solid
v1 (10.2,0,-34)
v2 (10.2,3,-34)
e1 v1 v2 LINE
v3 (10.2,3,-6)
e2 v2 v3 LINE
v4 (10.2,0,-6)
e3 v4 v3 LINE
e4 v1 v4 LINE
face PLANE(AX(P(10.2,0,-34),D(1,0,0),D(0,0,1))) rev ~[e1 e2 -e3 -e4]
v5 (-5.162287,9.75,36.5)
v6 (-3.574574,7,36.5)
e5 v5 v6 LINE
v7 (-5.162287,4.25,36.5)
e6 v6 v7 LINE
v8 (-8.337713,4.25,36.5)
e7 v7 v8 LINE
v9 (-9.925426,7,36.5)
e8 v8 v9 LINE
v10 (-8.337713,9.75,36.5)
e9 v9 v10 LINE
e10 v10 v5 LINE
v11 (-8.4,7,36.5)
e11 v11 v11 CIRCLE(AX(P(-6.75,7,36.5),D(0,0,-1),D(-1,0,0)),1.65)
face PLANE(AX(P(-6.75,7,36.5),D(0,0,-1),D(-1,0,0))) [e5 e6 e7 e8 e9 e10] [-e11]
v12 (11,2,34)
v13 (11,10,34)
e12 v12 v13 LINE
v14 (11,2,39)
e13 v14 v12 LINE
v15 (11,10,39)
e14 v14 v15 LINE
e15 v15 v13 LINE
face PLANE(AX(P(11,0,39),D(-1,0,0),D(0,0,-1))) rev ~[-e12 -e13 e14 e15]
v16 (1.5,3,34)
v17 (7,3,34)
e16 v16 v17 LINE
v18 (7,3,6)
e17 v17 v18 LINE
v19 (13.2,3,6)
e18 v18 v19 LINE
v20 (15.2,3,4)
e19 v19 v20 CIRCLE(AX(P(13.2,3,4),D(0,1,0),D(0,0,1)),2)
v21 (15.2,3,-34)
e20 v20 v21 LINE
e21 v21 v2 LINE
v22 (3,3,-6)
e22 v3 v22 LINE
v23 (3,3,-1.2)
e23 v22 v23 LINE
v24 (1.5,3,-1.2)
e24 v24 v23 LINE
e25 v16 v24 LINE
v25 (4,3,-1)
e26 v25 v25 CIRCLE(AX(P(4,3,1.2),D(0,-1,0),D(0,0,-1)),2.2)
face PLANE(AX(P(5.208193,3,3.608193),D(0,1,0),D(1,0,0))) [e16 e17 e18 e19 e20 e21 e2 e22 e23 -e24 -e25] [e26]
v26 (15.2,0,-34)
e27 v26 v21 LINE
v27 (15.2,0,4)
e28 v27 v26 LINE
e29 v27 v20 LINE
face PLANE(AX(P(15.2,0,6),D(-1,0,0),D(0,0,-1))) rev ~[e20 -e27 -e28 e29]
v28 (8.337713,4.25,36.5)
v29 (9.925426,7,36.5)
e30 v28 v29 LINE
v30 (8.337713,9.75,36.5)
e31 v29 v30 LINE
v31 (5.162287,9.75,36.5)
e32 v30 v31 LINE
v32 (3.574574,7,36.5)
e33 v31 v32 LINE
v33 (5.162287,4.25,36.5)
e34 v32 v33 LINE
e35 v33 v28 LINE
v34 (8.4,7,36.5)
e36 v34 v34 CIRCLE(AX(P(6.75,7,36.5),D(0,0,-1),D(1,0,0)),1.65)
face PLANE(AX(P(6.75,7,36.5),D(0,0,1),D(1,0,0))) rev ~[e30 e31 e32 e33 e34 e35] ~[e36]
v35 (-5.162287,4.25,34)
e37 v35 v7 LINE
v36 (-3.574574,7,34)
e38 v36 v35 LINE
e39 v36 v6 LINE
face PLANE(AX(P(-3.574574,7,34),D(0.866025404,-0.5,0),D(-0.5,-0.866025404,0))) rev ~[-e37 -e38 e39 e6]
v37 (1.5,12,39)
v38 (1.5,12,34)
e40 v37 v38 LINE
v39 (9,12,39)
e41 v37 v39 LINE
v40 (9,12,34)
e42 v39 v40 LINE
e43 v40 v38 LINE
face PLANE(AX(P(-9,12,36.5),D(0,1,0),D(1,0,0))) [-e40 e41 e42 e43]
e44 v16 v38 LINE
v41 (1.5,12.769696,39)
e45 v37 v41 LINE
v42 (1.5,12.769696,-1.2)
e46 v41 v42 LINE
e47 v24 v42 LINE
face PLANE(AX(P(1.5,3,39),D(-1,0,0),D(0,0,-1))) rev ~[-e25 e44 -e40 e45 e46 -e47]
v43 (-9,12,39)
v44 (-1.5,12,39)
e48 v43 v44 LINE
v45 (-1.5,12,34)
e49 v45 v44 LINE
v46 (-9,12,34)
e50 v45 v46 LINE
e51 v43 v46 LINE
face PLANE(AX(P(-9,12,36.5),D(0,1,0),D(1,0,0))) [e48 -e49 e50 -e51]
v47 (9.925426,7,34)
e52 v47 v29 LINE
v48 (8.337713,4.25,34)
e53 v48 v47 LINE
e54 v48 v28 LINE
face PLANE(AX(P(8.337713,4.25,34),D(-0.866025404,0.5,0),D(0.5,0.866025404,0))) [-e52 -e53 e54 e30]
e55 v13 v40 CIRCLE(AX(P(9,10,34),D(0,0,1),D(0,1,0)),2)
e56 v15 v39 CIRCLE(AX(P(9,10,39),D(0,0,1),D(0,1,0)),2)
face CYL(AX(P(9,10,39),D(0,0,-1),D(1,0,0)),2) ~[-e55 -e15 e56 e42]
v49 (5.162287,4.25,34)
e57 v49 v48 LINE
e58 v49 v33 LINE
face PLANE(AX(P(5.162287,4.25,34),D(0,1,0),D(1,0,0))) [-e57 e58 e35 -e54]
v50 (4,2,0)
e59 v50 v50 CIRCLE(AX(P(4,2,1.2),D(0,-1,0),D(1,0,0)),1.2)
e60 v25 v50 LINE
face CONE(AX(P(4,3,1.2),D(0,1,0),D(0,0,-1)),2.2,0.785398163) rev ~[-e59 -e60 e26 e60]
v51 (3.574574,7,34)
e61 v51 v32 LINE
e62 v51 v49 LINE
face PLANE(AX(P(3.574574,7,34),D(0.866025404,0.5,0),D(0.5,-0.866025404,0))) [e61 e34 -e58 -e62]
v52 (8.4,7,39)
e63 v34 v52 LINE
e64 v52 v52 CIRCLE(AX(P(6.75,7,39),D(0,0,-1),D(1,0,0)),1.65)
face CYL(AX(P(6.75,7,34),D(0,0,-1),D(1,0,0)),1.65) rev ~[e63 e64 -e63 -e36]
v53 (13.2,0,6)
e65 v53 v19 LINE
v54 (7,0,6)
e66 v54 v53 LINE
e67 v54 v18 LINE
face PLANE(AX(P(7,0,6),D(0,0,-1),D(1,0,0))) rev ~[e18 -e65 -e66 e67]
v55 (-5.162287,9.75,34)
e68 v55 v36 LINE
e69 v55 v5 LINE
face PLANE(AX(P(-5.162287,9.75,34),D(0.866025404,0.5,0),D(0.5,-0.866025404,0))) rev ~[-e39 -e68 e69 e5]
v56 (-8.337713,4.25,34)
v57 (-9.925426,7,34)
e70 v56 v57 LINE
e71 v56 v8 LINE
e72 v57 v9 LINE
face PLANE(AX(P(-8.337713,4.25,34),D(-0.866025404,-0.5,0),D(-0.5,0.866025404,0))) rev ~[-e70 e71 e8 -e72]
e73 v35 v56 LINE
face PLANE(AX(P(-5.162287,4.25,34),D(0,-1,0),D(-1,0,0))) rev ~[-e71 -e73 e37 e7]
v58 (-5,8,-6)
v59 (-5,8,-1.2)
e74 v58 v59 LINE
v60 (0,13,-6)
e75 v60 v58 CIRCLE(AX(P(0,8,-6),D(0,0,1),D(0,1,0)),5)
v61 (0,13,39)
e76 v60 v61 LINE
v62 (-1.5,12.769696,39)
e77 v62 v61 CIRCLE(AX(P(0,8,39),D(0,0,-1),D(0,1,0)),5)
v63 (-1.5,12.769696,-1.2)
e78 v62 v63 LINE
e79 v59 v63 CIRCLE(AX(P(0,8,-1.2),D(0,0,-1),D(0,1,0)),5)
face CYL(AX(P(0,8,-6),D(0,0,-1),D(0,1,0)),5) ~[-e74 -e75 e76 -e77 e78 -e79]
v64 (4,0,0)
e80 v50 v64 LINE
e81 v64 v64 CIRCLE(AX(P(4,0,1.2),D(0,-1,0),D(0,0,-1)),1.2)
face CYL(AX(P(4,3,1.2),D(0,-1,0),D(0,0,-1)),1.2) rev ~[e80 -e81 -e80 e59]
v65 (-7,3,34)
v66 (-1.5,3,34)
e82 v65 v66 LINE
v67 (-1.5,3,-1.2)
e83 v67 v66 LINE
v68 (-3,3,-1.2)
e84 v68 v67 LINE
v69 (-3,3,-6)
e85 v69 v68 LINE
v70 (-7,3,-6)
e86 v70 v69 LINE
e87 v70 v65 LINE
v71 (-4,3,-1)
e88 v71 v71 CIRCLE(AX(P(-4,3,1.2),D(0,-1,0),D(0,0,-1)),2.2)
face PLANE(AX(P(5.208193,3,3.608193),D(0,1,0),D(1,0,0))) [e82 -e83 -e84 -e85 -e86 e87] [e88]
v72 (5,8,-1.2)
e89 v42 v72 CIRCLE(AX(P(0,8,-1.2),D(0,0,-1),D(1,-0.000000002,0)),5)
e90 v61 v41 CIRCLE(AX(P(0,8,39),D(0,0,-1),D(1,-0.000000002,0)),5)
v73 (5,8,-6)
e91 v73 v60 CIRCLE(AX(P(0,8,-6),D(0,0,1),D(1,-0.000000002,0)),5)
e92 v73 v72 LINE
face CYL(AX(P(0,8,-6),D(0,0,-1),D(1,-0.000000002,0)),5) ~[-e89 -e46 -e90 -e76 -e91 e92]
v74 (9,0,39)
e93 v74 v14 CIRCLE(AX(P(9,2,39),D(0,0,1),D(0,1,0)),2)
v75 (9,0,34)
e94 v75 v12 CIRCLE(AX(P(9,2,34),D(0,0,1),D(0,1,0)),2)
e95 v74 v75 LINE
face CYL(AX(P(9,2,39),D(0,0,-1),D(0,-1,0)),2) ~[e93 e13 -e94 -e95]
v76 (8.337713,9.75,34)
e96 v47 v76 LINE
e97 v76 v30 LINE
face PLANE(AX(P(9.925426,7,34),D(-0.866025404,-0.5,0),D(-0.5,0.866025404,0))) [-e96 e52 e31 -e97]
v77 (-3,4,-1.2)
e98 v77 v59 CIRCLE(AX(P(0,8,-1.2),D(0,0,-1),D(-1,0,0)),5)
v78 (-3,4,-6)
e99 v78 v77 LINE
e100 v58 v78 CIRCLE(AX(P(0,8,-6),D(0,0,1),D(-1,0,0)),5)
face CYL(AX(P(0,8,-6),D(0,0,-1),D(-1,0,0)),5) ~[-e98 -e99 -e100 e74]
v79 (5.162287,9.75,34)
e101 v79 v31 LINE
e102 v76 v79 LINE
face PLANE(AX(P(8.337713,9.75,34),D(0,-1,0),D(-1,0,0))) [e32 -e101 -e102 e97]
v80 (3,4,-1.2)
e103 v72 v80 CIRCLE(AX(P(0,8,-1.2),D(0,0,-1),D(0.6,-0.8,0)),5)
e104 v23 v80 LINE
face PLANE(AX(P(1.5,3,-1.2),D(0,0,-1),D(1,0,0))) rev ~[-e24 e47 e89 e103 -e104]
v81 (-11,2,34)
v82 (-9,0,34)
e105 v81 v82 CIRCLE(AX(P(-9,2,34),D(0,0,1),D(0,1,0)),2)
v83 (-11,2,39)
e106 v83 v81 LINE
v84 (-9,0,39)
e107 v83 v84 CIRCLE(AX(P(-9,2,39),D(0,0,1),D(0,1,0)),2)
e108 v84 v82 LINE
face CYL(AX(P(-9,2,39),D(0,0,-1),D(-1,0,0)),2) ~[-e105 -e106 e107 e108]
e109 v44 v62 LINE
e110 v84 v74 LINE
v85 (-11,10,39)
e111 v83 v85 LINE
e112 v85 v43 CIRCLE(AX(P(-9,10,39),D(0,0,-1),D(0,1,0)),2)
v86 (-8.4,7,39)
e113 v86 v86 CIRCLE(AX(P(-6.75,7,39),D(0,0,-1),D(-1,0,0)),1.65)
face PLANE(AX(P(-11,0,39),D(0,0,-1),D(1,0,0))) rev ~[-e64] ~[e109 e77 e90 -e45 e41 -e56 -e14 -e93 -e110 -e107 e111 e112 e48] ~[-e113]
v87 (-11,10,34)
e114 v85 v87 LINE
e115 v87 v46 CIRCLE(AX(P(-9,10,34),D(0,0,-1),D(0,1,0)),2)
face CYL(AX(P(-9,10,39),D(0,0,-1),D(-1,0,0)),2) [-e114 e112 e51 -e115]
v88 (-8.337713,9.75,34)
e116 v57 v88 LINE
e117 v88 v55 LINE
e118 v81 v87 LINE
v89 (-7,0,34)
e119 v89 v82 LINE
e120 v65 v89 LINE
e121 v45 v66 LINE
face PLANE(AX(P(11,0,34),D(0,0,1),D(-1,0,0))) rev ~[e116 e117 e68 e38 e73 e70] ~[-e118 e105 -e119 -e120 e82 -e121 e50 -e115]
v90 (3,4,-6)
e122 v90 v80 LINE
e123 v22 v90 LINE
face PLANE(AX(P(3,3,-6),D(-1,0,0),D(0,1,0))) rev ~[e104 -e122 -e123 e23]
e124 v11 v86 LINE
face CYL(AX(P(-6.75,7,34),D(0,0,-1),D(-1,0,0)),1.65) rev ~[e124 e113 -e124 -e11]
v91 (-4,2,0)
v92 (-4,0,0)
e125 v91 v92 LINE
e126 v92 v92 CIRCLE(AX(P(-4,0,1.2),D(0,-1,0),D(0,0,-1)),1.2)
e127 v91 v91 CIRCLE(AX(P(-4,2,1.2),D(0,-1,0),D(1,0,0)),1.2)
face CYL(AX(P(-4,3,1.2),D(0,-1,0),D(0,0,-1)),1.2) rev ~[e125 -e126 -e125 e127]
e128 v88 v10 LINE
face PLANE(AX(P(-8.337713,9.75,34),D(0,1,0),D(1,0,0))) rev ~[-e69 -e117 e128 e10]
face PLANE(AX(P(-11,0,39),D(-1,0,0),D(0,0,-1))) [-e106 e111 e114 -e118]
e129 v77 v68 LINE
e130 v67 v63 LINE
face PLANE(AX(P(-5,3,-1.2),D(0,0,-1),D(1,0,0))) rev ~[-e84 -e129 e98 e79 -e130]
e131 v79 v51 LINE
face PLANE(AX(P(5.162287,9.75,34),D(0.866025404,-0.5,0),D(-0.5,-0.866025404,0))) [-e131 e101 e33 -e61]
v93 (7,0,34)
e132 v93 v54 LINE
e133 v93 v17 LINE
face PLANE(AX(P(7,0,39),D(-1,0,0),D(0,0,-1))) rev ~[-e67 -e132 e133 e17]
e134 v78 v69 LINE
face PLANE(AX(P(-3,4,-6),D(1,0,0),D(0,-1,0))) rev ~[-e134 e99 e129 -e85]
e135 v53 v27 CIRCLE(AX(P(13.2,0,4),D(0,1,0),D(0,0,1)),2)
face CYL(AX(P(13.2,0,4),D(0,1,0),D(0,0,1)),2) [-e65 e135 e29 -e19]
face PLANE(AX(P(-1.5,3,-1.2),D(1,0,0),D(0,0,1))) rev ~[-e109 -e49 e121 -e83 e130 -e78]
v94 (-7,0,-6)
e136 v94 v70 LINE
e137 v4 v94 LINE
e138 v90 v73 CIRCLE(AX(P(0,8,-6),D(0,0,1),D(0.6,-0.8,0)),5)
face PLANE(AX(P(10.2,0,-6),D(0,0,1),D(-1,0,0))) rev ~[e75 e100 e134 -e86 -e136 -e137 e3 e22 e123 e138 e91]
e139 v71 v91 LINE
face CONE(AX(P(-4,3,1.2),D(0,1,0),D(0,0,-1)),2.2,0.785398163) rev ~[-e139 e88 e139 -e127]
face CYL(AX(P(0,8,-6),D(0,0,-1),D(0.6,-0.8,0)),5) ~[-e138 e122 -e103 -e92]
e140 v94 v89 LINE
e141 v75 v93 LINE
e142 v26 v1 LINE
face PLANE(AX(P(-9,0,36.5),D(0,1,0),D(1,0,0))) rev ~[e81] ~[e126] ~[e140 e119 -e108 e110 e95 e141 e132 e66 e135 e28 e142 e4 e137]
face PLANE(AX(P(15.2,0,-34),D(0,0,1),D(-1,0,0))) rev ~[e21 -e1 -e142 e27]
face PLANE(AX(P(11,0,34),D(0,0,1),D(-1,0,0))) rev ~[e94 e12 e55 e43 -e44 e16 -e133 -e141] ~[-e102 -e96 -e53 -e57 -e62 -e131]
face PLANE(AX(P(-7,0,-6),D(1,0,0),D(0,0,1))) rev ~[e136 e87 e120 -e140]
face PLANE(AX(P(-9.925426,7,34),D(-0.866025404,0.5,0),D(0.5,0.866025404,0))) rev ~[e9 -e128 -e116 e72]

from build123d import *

# Parameters (mm, degrees)
SKETCH1_R                                           = 1.15
BOSS_EXTRUDE1_DEPTH                                 = 3
BOSS_EXTRUDE3_DEPTH                                 = 10
CSK_FOR_M2_COUNTERSUNK_FLAT_HEAD_SCREW2_D           = 2.4
CSK_FOR_M2_COUNTERSUNK_FLAT_HEAD_SCREW2_CSINK_D     = 4.4
CSK_FOR_M2_COUNTERSUNK_FLAT_HEAD_SCREW2_CSINK_ANGLE = 90
CUT_EXTRUDE2_DEPTH                                  = 50.244695146
SKETCH1_4_W                                         = 22
SKETCH1_4_H                                         = 5
BOSS_EXTRUDE4_DEPTH                                 = 12
SKETCH7_R                                           = 1.65
CUT_EXTRUDE3_DEPTH                                  = 71.880462752
CUT_EXTRUDE4_DEPTH                                  = 2.5
FILLET2_R                                           = 2


with BuildPart() as part:
    # Sketch1 → Boss-Extrude1 (new body)
    with BuildSketch(Plane(origin=(0, 0, 0), x_dir=(1, 0, 0), z_dir=(0, 1, 0))):
        Polygon((7, -6), (15.2, -6), (15.2, 34), (10.2, 34), (10.2, 6), (-7, 6), (-7, -39), (7, -39), align=None)
        with Locations((4, -1.2)):
            Circle(SKETCH1_R, mode=Mode.SUBTRACT)
        with Locations((-4, -1.2)):
            Circle(SKETCH1_R, mode=Mode.SUBTRACT)
    extrude(amount=BOSS_EXTRUDE1_DEPTH)

    # Sketch3 → Boss-Extrude3 (add)
    with BuildSketch(Plane(origin=(0, 3, 0), x_dir=(1, 0, 0), z_dir=(0, 1, 0))):
        Polygon((-5, 1.2), (-1.5, 1.2), (-1.5, -39), (1.5, -39), (1.5, 1.2), (5, 1.2), (5, 6), (-5, 6), align=None)
    extrude(amount=BOSS_EXTRUDE3_DEPTH)

    # CSK for M2 Countersunk Flat Head Screw2 (through all)
    with Locations(Plane(origin=(-4, 3, 1.2), x_dir=(0, 0, 1), z_dir=(0, 1, 0))):
        with Locations((0, 0), (0, 8)):
            CounterSinkHole(CSK_FOR_M2_COUNTERSUNK_FLAT_HEAD_SCREW2_D / 2, CSK_FOR_M2_COUNTERSUNK_FLAT_HEAD_SCREW2_CSINK_D / 2, counter_sink_angle=CSK_FOR_M2_COUNTERSUNK_FLAT_HEAD_SCREW2_CSINK_ANGLE)

    # Sketch6 → Cut-Extrude2 (cut, through all)
    with BuildSketch(Plane(origin=(0, 0, -6), x_dir=(-1, 0, 0), z_dir=(0, 0, -1))):
        with BuildLine():
            Line((-5, 3), (-3, 3))
            Line((-3, 3), (-3, 4))
            ThreePointArc((-3, 4), (-4.472135952, 5.763932017), (-5, 7.999999988))
            Line((-5, 7.999999988), (-5, 3))
        make_face()
        with BuildLine():
            Line((5, 3), (5, 8))
            ThreePointArc((5, 8), (4.472135955, 5.763932023), (3, 4))
            Line((3, 4), (3, 3))
            Line((3, 3), (5, 3))
        make_face()
        with BuildLine():
            Line((5, 13), (0, 13))
            ThreePointArc((0, 13), (3.535533906, 11.535533906), (5, 8))
            Line((5, 8), (5, 13))
        make_face()
        with BuildLine():
            Line((-5, 13), (-5, 7.999999988))
            ThreePointArc((-5, 7.999999988), (-3.53553391, 11.535533902), (0, 13))
            Line((0, 13), (-5, 13))
        make_face()
    extrude(amount=-CUT_EXTRUDE2_DEPTH, mode=Mode.SUBTRACT)

    # Sketch1<4> → Boss-Extrude4 (add)
    with BuildSketch(Plane(origin=(0, 0, 0), x_dir=(1, 0, 0), z_dir=(0, 1, 0))):
        with Locations((0, -36.5)):
            Rectangle(SKETCH1_4_W, SKETCH1_4_H)
    extrude(amount=BOSS_EXTRUDE4_DEPTH)

    # Sketch7 → Cut-Extrude3 (cut, through all)
    with BuildSketch(Plane(origin=(0, 0, 34), x_dir=(-1, 0, 0), z_dir=(0, 0, -1))):
        with Locations((6.75, 7)):
            Circle(SKETCH7_R)
        with Locations((-6.75, 7)):
            Circle(SKETCH7_R)
    extrude(amount=-CUT_EXTRUDE3_DEPTH, mode=Mode.SUBTRACT)

    # Sketch7<3> → Cut-Extrude4 (cut)
    with BuildSketch(Plane(origin=(0, 0, 34), x_dir=(-1, 0, 0), z_dir=(0, 0, -1))):
        Polygon((5.16228676, 9.75), (3.574573519, 7), (5.16228676, 4.25), (8.33771324, 4.25), (9.925426481, 7), (8.33771324, 9.75), align=None)
        Polygon((-5.16228676, 9.75), (-3.574573519, 7), (-5.16228676, 4.25), (-8.33771324, 4.25), (-9.925426481, 7), (-8.33771324, 9.75), align=None)
    extrude(amount=-CUT_EXTRUDE4_DEPTH, mode=Mode.SUBTRACT)

    # Fillet2
    fillet2_edges = [part.edges().sort_by_distance(p)[0] for p in [
        (15.2, 1.5, 6),
        (-11, 12, 36.5),
        (-11, 0, 36.5),
        (11, 0, 36.5),
        (11, 12, 36.5),
    ]]
    fillet(fillet2_edges, radius=FILLET2_R)


solid = part.part
